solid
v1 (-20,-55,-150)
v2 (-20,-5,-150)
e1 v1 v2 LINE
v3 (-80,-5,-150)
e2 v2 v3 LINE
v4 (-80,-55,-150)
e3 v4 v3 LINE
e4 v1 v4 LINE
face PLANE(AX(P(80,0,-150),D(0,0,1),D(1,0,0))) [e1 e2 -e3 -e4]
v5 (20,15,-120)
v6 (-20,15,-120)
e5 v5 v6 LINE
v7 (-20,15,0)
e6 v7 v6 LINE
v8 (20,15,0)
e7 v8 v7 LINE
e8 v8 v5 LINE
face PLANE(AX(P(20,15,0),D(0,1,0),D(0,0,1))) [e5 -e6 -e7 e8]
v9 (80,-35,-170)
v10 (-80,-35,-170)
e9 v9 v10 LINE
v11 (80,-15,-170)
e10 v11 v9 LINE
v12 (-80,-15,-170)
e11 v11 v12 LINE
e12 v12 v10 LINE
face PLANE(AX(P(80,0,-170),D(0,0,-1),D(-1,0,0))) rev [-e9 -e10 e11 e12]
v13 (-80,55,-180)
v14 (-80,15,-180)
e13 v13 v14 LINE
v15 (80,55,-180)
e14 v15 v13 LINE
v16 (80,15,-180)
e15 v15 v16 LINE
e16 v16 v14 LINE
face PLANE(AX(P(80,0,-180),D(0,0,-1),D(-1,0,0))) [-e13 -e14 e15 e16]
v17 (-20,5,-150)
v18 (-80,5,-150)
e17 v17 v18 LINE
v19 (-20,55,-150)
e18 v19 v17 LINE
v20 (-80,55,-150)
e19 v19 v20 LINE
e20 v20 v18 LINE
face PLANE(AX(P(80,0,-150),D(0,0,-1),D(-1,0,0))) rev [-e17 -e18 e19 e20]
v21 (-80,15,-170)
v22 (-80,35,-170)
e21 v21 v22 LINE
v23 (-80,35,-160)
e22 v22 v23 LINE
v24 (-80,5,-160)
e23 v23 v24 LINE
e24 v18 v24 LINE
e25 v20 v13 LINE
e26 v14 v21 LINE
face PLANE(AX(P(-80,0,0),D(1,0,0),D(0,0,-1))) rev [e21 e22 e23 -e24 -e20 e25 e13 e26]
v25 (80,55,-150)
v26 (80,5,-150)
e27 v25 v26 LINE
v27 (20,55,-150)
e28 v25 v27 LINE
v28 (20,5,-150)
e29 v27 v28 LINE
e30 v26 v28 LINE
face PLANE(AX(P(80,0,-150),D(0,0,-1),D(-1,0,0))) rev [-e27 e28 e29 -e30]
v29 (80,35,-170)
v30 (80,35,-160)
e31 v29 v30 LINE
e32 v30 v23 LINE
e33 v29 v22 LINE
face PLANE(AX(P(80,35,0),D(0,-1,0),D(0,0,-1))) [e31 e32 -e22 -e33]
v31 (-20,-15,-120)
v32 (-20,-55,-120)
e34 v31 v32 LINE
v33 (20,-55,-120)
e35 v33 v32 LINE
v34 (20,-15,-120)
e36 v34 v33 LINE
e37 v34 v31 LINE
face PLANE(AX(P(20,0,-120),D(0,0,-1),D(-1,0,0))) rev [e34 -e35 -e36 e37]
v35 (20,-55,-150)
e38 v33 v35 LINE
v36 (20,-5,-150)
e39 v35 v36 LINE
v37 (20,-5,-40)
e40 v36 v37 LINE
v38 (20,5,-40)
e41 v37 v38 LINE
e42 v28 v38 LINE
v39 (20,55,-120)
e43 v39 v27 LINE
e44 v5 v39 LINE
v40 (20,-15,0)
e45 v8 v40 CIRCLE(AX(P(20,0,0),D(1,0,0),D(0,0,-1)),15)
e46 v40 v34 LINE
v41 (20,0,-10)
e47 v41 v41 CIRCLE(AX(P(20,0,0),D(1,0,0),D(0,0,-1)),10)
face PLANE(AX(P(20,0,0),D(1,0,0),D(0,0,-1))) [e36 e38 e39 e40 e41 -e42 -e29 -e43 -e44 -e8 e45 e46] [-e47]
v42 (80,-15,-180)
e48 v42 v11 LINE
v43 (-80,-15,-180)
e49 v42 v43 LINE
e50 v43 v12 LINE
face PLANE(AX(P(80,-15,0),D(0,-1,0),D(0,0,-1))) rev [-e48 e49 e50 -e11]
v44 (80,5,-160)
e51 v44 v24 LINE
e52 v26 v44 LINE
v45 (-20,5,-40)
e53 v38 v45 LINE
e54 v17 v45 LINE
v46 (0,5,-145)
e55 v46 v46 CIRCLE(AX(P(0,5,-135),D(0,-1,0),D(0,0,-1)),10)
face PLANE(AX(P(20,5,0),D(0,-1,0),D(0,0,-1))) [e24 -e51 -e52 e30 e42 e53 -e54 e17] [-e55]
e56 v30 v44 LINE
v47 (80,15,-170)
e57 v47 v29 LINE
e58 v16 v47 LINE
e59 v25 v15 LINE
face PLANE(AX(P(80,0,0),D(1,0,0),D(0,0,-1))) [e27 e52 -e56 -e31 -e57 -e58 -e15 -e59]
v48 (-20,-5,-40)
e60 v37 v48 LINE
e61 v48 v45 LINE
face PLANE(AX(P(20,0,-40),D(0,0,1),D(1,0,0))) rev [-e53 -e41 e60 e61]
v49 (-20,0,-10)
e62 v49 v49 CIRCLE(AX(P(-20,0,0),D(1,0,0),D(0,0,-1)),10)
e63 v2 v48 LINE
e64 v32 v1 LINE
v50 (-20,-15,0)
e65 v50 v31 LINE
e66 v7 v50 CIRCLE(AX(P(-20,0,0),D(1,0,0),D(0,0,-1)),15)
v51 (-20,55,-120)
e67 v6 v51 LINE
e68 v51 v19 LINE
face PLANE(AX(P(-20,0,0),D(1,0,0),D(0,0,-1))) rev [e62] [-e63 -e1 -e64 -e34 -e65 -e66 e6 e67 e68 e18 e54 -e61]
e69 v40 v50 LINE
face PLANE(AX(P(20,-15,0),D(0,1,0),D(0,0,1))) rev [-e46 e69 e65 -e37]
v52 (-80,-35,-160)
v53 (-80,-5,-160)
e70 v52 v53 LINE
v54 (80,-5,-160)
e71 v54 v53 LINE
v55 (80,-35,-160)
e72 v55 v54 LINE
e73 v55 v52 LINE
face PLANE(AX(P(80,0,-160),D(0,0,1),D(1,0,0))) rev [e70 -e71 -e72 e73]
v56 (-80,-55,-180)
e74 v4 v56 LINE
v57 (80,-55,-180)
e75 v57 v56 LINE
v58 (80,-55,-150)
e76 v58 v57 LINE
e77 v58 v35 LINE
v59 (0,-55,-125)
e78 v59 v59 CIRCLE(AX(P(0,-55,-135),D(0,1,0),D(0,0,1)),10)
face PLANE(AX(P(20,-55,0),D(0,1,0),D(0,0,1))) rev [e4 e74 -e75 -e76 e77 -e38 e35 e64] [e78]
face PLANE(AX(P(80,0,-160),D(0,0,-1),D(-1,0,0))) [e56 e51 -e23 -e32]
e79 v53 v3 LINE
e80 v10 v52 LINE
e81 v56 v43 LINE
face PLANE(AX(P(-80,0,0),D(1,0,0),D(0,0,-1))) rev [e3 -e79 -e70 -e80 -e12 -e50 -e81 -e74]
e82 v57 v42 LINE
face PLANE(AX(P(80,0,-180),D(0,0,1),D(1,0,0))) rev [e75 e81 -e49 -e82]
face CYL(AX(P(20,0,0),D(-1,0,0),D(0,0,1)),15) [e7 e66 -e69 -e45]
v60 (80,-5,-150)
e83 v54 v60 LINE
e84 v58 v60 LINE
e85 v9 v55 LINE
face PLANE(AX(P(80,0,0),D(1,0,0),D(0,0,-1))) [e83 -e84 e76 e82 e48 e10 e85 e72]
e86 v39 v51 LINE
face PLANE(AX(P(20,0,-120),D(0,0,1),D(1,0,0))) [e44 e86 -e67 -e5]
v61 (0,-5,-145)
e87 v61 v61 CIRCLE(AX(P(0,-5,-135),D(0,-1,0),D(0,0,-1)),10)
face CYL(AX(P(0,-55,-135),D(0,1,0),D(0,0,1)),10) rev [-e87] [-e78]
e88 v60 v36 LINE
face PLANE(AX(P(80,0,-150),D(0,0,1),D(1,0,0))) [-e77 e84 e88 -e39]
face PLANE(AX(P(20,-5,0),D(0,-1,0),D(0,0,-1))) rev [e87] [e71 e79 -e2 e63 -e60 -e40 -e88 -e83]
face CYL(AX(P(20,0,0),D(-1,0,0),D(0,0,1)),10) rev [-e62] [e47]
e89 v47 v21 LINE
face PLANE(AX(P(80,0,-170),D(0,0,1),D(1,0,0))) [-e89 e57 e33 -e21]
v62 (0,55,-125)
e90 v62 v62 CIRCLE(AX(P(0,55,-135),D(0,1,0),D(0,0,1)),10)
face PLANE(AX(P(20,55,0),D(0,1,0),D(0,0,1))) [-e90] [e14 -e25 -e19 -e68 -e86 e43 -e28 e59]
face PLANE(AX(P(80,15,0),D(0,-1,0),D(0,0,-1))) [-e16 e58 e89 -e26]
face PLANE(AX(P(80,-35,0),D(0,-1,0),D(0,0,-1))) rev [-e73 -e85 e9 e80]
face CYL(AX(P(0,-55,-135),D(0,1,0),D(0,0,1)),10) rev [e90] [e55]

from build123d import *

# Parameters (mm, degrees)
SKETCH1_R               = 10
BOSS_EXTRUDE1_DEPTH     = 20
BOSS_EXTRUDE2_DEPTH     = 80
CUT_EXTRUDE1_DEPTH      = 226.610283454
CUT_EXTRUDE1_DEPTH_BACK = 226.610283454
SKETCH2_R               = 10


with BuildPart() as part:
    # Sketch1 → Boss-Extrude1 (new, symmetric)
    with BuildSketch(Plane.YZ):
        with BuildLine():
            Line((15, -120), (15, 0))
            ThreePointArc((15, 0), (0, 15), (-15, 0))
            Line((-15, 0), (-15, -120))
            Line((-15, -120), (-55, -120))
            Line((-55, -120), (-55, -150))
            Line((-55, -150), (-5, -150))
            Line((-5, -150), (-5, -40))
            Line((-5, -40), (5, -40))
            Line((5, -40), (5, -150))
            Line((5, -150), (55, -150))
            Line((55, -150), (55, -120))
            Line((55, -120), (15, -120))
        make_face()
        Circle(SKETCH1_R, mode=Mode.SUBTRACT)
    extrude(amount=BOSS_EXTRUDE1_DEPTH, both=True)

    # Sketch1<3> → Boss-Extrude2 (add, symmetric)
    with BuildSketch(Plane.YZ):
        Polygon((-5, -150), (-55, -150), (-55, -180), (-15, -180), (-15, -170), (-35, -170), (-35, -160), (-5, -160), align=None)
        Polygon((55, -180), (55, -150), (5, -150), (5, -160), (35, -160), (35, -170), (15, -170), (15, -180), align=None)
    extrude(amount=BOSS_EXTRUDE2_DEPTH, both=True)

    # Sketch2 → Cut-Extrude1 (cut, two sides: drawn at the far end of the back side and taken through both)
    with BuildSketch(Plane(origin=(0, 55, 0), x_dir=(-1, 0, 0), z_dir=(0, 1, 0)).offset(-CUT_EXTRUDE1_DEPTH_BACK)):
        with Locations((0, -135)):
            Circle(SKETCH2_R)
    extrude(amount=CUT_EXTRUDE1_DEPTH + CUT_EXTRUDE1_DEPTH_BACK, mode=Mode.SUBTRACT)


solid = part.part
